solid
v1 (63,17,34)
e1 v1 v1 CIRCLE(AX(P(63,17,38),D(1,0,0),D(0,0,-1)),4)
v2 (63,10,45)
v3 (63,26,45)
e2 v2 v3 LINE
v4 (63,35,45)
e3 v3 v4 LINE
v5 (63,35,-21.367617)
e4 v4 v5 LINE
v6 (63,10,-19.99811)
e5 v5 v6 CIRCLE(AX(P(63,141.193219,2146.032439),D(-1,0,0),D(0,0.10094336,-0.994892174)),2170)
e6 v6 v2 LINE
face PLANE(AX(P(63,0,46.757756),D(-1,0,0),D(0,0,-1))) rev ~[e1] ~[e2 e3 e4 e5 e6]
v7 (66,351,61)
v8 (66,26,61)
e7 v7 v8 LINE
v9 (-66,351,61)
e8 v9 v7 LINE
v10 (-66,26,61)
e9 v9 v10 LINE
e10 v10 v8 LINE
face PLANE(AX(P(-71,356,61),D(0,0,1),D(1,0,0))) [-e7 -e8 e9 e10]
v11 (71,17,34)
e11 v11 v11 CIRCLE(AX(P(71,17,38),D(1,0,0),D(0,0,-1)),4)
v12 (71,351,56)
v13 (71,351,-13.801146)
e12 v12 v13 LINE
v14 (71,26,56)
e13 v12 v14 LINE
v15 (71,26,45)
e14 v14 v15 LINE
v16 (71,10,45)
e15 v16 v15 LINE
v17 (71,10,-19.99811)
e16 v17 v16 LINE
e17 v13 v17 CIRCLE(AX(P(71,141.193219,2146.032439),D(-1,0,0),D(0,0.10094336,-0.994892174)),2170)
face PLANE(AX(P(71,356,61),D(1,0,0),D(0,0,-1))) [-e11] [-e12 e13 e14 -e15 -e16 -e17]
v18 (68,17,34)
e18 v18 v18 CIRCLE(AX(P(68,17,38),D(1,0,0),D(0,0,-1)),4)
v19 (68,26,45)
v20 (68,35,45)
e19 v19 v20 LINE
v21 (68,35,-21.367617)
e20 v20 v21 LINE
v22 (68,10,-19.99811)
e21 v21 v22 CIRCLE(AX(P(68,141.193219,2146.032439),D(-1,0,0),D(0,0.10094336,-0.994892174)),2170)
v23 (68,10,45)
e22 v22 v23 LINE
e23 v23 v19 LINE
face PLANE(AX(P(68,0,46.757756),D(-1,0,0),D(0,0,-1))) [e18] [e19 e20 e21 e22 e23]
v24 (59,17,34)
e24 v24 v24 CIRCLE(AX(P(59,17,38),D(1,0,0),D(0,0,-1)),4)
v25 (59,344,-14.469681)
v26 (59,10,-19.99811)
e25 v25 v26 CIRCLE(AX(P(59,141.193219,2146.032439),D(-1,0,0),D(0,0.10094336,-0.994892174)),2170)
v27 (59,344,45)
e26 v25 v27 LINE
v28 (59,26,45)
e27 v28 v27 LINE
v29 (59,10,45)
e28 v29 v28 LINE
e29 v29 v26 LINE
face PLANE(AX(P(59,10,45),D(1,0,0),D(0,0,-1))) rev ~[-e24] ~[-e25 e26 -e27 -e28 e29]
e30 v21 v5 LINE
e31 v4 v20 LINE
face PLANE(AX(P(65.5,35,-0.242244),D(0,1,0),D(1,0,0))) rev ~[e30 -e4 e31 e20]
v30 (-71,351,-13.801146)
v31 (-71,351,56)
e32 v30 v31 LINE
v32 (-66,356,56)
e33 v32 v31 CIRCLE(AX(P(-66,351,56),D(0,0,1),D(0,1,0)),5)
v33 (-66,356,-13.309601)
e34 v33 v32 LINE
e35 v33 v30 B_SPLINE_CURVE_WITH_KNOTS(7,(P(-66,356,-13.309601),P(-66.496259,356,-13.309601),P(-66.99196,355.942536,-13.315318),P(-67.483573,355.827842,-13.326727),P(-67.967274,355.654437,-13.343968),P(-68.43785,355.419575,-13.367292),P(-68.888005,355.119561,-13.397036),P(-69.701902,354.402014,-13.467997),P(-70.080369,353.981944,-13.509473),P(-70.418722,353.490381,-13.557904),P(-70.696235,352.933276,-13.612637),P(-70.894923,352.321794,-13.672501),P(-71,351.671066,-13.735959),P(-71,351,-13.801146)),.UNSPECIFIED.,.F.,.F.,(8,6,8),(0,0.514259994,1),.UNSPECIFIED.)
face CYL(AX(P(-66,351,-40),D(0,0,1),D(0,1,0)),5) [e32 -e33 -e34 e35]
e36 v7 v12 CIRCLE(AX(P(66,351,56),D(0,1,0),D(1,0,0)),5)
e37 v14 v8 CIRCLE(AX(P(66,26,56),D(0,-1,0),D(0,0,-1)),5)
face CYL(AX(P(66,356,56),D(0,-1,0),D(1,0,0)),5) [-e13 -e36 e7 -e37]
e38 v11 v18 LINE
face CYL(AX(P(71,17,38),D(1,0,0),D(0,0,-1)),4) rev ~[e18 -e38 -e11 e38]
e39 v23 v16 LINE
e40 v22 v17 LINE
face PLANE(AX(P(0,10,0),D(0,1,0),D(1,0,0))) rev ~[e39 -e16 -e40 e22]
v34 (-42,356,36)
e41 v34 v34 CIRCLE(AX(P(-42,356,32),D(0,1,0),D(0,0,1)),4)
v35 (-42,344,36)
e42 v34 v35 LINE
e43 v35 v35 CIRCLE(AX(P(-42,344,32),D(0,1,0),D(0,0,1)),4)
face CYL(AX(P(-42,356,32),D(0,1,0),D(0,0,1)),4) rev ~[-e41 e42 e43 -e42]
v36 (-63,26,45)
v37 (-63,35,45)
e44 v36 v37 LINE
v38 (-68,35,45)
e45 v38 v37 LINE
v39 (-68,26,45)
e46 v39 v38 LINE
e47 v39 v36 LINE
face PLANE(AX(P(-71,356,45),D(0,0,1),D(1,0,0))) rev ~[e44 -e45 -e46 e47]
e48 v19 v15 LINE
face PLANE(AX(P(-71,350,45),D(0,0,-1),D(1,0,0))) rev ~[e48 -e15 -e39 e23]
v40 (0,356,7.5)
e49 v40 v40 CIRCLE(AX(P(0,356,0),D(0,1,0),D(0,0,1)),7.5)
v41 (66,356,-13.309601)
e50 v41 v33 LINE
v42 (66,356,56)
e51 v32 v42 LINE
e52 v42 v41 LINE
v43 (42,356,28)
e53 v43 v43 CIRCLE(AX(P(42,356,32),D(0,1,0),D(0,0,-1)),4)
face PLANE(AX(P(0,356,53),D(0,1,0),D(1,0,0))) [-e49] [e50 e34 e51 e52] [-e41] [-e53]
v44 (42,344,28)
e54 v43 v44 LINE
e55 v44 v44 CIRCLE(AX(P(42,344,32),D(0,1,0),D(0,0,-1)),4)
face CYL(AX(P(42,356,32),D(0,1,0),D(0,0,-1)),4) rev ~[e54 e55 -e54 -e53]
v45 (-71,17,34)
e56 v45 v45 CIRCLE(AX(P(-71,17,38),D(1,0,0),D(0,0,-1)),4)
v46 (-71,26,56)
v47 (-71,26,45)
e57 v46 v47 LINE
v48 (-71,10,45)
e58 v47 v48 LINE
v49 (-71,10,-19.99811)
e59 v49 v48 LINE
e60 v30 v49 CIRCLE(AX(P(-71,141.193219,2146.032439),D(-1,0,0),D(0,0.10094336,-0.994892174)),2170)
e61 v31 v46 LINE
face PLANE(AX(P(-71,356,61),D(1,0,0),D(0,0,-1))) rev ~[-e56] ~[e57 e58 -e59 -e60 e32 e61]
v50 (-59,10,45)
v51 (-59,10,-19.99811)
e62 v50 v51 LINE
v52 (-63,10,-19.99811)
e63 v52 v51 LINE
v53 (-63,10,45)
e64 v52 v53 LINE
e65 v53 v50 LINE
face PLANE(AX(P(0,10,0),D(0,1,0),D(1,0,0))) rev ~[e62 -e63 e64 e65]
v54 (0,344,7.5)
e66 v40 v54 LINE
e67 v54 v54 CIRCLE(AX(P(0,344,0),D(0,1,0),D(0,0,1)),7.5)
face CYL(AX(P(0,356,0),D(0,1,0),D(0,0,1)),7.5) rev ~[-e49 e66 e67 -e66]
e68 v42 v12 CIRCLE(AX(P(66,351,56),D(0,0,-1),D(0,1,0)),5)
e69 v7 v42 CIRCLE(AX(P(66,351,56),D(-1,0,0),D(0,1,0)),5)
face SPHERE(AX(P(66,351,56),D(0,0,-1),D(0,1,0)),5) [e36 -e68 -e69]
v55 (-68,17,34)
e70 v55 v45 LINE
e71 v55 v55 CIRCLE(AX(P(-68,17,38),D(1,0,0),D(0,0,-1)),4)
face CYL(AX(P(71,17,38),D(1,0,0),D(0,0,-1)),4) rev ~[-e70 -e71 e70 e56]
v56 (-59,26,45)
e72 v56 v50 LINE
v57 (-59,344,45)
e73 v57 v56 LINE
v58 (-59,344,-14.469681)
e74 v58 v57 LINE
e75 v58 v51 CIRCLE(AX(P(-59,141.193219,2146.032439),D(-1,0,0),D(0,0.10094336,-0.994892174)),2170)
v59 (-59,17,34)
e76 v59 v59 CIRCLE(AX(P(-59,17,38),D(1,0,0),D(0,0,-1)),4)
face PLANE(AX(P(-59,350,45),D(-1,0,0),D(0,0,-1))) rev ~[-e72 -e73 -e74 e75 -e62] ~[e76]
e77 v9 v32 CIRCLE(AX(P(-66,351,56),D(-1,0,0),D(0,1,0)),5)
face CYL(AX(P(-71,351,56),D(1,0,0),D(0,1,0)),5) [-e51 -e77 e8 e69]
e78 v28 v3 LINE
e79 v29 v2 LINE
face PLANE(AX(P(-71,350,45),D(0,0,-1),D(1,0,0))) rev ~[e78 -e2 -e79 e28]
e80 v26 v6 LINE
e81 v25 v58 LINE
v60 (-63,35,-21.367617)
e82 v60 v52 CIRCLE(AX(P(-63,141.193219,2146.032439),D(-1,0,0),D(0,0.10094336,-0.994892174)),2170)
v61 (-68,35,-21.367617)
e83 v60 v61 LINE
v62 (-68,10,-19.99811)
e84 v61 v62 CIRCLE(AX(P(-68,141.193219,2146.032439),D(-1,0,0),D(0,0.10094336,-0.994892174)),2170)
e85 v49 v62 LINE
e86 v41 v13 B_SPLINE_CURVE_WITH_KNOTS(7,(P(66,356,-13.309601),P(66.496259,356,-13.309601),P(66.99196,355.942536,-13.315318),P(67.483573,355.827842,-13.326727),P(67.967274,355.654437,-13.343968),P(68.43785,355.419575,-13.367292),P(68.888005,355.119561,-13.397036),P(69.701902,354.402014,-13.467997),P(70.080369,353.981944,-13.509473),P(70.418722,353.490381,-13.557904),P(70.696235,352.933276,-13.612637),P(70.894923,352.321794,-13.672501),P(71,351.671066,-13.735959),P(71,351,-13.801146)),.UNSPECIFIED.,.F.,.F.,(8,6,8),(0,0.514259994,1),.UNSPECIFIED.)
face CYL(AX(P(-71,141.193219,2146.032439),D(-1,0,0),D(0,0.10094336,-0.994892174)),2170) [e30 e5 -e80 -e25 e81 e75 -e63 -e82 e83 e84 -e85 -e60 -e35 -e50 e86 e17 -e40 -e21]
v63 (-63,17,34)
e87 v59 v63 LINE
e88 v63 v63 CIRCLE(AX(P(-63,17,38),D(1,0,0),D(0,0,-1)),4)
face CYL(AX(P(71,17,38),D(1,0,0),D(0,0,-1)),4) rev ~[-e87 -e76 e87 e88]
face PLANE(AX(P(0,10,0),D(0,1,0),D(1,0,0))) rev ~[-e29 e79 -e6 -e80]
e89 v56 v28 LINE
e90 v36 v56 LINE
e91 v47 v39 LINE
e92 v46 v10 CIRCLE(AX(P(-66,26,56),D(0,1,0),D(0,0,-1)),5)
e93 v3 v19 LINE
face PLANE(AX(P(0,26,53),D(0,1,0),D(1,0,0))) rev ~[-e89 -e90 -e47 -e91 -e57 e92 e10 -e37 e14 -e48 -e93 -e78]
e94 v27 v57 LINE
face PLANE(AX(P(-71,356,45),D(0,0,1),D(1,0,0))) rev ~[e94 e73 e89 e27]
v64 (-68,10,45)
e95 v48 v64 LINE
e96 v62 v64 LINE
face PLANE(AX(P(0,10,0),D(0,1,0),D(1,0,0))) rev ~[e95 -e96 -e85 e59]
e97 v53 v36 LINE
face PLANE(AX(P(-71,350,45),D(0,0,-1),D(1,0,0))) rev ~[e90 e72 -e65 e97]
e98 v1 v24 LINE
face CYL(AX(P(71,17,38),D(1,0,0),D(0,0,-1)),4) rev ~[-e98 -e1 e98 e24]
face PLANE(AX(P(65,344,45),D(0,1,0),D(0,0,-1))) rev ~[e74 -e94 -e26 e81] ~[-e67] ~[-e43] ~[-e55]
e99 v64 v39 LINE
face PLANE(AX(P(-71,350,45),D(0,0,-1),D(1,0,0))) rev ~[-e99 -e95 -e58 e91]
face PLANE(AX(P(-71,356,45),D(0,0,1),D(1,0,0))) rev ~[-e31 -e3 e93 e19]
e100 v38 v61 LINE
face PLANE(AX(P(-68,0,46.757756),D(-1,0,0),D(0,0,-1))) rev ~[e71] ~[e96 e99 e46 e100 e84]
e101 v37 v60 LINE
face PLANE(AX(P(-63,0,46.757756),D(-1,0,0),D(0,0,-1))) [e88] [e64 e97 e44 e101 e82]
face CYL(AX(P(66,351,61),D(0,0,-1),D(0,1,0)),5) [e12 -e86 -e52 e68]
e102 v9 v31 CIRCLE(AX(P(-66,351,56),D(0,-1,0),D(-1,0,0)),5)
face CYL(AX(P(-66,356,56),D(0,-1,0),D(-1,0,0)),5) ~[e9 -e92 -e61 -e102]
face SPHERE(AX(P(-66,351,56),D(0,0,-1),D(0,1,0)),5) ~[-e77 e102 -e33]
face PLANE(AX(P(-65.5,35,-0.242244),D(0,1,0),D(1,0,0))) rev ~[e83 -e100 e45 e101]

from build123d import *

# Parameters (mm, degrees)
CUT_EXTRUDE1_DEPTH      = 10
CUT_EXTRUDE1_DEPTH_BACK = 10
SKETCH7_W               = 161.67088451347962
SKETCH7_H               = 99.40268669666085
SKETCH8_W               = 4.999999999999993
SKETCH8_H               = 94
CUT_EXTRUDE2_DEPTH      = 35
SKETCH9_R               = 7.5
SKETCH9_R_2             = 4.000000000000013
SKETCH9_R_3             = 4.000000000000005
CUT_EXTRUDE3_DEPTH      = 357.06460088023357
SKETCH10_R              = 4.000000000000005
CUT_EXTRUDE4_DEPTH      = 386.9080201291493
SKETCH11_W              = 141.9999999999999
SKETCH11_H              = 16
BOSS_EXTRUDE1_DEPTH     = 330
FILLET2_R               = 5
FILLET3_R               = 5
FILLET4_R               = 5
FILLET5_R               = 5
FILLET6_R               = 5
CUT_EXTRUDE5_DEPTH      = 389.0992141192763


with BuildPart() as part:
    # Sweep2: sweep along a path in Sketch4
    with BuildLine(Plane.XY) as sweep2_path:
        Line((-65, 350), (-64.99999999999994, 10.000000000000007))
        ThreePointArc((-64.99999999999994, 10.000000000000007), (-62.07106781186544, 2.928932188134527), (-54.99999999999996, 0))
        Line((-54.99999999999996, 0), (54.99999999999999, 0))
        ThreePointArc((54.99999999999999, 0), (62.071067811865476, 2.9289321881345227), (65, 10))
        Line((65, 10), (65, 350))
        Line((65, 350), (-65, 350))
    # Sketch6 → Sweep2 (sweep)
    with BuildSketch(Plane(origin=(0, 0, 0), x_dir=(0, 0, -1), z_dir=(1, 0, 0))):
        Polygon((45.00000000000006, 355.99999999999994), (-44.999999999999936, 355.99999999999994), (-44.999999999999936, 343.99999999999994), (45.000000000000064, 344), align=None)
    sweep(path=sweep2_path.line, transition=Transition.RIGHT)

    # Sketch7 → Cut-Extrude1 (cut, two sides: drawn at the far end of the back side and taken through both)
    with BuildSketch(Plane(origin=(0, 0, 0), x_dir=(1, 0, 0), z_dir=(0, 1, 0)).offset(-CUT_EXTRUDE1_DEPTH_BACK)):
        Rectangle(SKETCH7_W, SKETCH7_H)
    extrude(amount=CUT_EXTRUDE1_DEPTH + CUT_EXTRUDE1_DEPTH_BACK, mode=Mode.SUBTRACT)

    # Sketch8 → Cut-Extrude2 (cut)
    with BuildSketch(Plane(origin=(0, 0, 0), x_dir=(1, 0, 0), z_dir=(0, 1, 0))):
        with Locations((-65.5, 0.24224418482823395)):
            Rectangle(SKETCH8_W, SKETCH8_H)
        with Locations((65.5, 0.24224418482823395)):
            Rectangle(SKETCH8_W, SKETCH8_H)
    extrude(amount=CUT_EXTRUDE2_DEPTH, mode=Mode.SUBTRACT)

    # Sketch9 → Cut-Extrude3 (cut, through all)
    with BuildSketch(Plane(origin=(0, 355.99999999999994, 0), x_dir=(1, 0, 0), z_dir=(0, 1, 0))):
        with Locations(Location((0, 0, 0), (0, 0, 270))):
            Circle(SKETCH9_R)
        with Locations(Location((-42, 31.999999999999993, 0), (0, 0, 270))):
            Circle(SKETCH9_R_2)
        with Locations(Location((-42, -32.00000000000001, 0), (0, 0, 270))):
            Circle(SKETCH9_R_3)
        with Locations(Location((42, -31.999999999999954, 0), (0, 0, 90))):
            Circle(SKETCH9_R_3)
        with Locations(Location((42, 32, 0), (0, 0, 90))):
            Circle(SKETCH9_R_2)
    extrude(amount=-CUT_EXTRUDE3_DEPTH, mode=Mode.SUBTRACT)

    # Sketch10 → Cut-Extrude4 (cut, through all)
    with BuildSketch(Plane(origin=(70.99999999999996, 0, 0), x_dir=(0, 0, -1), z_dir=(1, 0, 0))):
        with Locations((-37.999999999999936, 17.000000000000014)):
            Circle(SKETCH10_R)
    extrude(amount=-CUT_EXTRUDE4_DEPTH, mode=Mode.SUBTRACT)

    # Sketch11 → Boss-Extrude1 (add)
    with BuildSketch(Plane(origin=(0, 355.99999999999994, 0), x_dir=(1, 0, 0), z_dir=(0, 1, 0))):
        with Locations((0, -52.999999999999936)):
            Rectangle(SKETCH11_W, SKETCH11_H)
    extrude(amount=-BOSS_EXTRUDE1_DEPTH)

    # Fillet2
    fillet2_edges = [part.edges().sort_by_distance(p)[0] for p in [
        (59.00000000000001, 177, -45.000000000000064),
    ]]
    fillet(fillet2_edges, radius=FILLET2_R)

    # Fillet3
    fillet3_edges = [part.edges().sort_by_distance(p)[0] for p in [
        (70.99999999999994, 182.99999999999997, -45.00000000000005),
    ]]
    fillet(fillet3_edges, radius=FILLET3_R)

    # Fillet4
    fillet4_edges = [part.edges().sort_by_distance(p)[0] for p in [
        (-59.00000000000001, 177, -45.000000000000064),
    ]]
    fillet(fillet4_edges, radius=FILLET4_R)

    # Fillet5
    fillet5_edges = [part.edges().sort_by_distance(p)[0] for p in [
        (-70.99999999999994, 182.99999999999997, -45.00000000000005),
    ]]
    fillet(fillet5_edges, radius=FILLET5_R)

    # Fillet6
    fillet6_edges = [part.edges().sort_by_distance(p)[0] for p in [
        (70.99999999999994, 355.99999999999994, 10.499999999999893),
        (69.53553390593268, 355.9999999999999, -43.535533905932894),
        (0, 355.99999999999994, -45.00000000000005),
        (0, 355.99999999999994, -45.00000000000005),
        (-69.53553390593268, 355.99999999999994, -43.535533905932795),
        (-70.99999999999994, 355.99999999999994, 10.499999999999936),
        (0, 355.99999999999994, 60.999999999999936),
        (-70.99999999999994, 190.99999999999994, 60.999999999999936),
        (70.99999999999994, 190.99999999999994, 60.999999999999936),
    ]]
    fillet(fillet6_edges, radius=FILLET6_R)

    # Sketch12 → Cut-Extrude5 (cut, through all)
    with BuildSketch(Plane.ZY.offset(70.9999999999999)):
        with BuildLine():
            Line((-19.99811023879916, 9.999999999999995), (-79.77303285275339, 10.000000000000018))
            Line((-79.77303285275339, 10.000000000000018), (-79.77303285275339, 406.4421165391139))
            Line((-79.77303285275339, 406.4421165391139), (-12.883579031367276, 360.2403098799698))
            ThreePointArc((-12.883579031367276, 360.2403098799698), (-23.51999666611846, 185.26395577223084), (-19.99811023879916, 9.999999999999995))
        make_face()
    extrude(amount=-CUT_EXTRUDE5_DEPTH, mode=Mode.SUBTRACT)


solid = part.part
